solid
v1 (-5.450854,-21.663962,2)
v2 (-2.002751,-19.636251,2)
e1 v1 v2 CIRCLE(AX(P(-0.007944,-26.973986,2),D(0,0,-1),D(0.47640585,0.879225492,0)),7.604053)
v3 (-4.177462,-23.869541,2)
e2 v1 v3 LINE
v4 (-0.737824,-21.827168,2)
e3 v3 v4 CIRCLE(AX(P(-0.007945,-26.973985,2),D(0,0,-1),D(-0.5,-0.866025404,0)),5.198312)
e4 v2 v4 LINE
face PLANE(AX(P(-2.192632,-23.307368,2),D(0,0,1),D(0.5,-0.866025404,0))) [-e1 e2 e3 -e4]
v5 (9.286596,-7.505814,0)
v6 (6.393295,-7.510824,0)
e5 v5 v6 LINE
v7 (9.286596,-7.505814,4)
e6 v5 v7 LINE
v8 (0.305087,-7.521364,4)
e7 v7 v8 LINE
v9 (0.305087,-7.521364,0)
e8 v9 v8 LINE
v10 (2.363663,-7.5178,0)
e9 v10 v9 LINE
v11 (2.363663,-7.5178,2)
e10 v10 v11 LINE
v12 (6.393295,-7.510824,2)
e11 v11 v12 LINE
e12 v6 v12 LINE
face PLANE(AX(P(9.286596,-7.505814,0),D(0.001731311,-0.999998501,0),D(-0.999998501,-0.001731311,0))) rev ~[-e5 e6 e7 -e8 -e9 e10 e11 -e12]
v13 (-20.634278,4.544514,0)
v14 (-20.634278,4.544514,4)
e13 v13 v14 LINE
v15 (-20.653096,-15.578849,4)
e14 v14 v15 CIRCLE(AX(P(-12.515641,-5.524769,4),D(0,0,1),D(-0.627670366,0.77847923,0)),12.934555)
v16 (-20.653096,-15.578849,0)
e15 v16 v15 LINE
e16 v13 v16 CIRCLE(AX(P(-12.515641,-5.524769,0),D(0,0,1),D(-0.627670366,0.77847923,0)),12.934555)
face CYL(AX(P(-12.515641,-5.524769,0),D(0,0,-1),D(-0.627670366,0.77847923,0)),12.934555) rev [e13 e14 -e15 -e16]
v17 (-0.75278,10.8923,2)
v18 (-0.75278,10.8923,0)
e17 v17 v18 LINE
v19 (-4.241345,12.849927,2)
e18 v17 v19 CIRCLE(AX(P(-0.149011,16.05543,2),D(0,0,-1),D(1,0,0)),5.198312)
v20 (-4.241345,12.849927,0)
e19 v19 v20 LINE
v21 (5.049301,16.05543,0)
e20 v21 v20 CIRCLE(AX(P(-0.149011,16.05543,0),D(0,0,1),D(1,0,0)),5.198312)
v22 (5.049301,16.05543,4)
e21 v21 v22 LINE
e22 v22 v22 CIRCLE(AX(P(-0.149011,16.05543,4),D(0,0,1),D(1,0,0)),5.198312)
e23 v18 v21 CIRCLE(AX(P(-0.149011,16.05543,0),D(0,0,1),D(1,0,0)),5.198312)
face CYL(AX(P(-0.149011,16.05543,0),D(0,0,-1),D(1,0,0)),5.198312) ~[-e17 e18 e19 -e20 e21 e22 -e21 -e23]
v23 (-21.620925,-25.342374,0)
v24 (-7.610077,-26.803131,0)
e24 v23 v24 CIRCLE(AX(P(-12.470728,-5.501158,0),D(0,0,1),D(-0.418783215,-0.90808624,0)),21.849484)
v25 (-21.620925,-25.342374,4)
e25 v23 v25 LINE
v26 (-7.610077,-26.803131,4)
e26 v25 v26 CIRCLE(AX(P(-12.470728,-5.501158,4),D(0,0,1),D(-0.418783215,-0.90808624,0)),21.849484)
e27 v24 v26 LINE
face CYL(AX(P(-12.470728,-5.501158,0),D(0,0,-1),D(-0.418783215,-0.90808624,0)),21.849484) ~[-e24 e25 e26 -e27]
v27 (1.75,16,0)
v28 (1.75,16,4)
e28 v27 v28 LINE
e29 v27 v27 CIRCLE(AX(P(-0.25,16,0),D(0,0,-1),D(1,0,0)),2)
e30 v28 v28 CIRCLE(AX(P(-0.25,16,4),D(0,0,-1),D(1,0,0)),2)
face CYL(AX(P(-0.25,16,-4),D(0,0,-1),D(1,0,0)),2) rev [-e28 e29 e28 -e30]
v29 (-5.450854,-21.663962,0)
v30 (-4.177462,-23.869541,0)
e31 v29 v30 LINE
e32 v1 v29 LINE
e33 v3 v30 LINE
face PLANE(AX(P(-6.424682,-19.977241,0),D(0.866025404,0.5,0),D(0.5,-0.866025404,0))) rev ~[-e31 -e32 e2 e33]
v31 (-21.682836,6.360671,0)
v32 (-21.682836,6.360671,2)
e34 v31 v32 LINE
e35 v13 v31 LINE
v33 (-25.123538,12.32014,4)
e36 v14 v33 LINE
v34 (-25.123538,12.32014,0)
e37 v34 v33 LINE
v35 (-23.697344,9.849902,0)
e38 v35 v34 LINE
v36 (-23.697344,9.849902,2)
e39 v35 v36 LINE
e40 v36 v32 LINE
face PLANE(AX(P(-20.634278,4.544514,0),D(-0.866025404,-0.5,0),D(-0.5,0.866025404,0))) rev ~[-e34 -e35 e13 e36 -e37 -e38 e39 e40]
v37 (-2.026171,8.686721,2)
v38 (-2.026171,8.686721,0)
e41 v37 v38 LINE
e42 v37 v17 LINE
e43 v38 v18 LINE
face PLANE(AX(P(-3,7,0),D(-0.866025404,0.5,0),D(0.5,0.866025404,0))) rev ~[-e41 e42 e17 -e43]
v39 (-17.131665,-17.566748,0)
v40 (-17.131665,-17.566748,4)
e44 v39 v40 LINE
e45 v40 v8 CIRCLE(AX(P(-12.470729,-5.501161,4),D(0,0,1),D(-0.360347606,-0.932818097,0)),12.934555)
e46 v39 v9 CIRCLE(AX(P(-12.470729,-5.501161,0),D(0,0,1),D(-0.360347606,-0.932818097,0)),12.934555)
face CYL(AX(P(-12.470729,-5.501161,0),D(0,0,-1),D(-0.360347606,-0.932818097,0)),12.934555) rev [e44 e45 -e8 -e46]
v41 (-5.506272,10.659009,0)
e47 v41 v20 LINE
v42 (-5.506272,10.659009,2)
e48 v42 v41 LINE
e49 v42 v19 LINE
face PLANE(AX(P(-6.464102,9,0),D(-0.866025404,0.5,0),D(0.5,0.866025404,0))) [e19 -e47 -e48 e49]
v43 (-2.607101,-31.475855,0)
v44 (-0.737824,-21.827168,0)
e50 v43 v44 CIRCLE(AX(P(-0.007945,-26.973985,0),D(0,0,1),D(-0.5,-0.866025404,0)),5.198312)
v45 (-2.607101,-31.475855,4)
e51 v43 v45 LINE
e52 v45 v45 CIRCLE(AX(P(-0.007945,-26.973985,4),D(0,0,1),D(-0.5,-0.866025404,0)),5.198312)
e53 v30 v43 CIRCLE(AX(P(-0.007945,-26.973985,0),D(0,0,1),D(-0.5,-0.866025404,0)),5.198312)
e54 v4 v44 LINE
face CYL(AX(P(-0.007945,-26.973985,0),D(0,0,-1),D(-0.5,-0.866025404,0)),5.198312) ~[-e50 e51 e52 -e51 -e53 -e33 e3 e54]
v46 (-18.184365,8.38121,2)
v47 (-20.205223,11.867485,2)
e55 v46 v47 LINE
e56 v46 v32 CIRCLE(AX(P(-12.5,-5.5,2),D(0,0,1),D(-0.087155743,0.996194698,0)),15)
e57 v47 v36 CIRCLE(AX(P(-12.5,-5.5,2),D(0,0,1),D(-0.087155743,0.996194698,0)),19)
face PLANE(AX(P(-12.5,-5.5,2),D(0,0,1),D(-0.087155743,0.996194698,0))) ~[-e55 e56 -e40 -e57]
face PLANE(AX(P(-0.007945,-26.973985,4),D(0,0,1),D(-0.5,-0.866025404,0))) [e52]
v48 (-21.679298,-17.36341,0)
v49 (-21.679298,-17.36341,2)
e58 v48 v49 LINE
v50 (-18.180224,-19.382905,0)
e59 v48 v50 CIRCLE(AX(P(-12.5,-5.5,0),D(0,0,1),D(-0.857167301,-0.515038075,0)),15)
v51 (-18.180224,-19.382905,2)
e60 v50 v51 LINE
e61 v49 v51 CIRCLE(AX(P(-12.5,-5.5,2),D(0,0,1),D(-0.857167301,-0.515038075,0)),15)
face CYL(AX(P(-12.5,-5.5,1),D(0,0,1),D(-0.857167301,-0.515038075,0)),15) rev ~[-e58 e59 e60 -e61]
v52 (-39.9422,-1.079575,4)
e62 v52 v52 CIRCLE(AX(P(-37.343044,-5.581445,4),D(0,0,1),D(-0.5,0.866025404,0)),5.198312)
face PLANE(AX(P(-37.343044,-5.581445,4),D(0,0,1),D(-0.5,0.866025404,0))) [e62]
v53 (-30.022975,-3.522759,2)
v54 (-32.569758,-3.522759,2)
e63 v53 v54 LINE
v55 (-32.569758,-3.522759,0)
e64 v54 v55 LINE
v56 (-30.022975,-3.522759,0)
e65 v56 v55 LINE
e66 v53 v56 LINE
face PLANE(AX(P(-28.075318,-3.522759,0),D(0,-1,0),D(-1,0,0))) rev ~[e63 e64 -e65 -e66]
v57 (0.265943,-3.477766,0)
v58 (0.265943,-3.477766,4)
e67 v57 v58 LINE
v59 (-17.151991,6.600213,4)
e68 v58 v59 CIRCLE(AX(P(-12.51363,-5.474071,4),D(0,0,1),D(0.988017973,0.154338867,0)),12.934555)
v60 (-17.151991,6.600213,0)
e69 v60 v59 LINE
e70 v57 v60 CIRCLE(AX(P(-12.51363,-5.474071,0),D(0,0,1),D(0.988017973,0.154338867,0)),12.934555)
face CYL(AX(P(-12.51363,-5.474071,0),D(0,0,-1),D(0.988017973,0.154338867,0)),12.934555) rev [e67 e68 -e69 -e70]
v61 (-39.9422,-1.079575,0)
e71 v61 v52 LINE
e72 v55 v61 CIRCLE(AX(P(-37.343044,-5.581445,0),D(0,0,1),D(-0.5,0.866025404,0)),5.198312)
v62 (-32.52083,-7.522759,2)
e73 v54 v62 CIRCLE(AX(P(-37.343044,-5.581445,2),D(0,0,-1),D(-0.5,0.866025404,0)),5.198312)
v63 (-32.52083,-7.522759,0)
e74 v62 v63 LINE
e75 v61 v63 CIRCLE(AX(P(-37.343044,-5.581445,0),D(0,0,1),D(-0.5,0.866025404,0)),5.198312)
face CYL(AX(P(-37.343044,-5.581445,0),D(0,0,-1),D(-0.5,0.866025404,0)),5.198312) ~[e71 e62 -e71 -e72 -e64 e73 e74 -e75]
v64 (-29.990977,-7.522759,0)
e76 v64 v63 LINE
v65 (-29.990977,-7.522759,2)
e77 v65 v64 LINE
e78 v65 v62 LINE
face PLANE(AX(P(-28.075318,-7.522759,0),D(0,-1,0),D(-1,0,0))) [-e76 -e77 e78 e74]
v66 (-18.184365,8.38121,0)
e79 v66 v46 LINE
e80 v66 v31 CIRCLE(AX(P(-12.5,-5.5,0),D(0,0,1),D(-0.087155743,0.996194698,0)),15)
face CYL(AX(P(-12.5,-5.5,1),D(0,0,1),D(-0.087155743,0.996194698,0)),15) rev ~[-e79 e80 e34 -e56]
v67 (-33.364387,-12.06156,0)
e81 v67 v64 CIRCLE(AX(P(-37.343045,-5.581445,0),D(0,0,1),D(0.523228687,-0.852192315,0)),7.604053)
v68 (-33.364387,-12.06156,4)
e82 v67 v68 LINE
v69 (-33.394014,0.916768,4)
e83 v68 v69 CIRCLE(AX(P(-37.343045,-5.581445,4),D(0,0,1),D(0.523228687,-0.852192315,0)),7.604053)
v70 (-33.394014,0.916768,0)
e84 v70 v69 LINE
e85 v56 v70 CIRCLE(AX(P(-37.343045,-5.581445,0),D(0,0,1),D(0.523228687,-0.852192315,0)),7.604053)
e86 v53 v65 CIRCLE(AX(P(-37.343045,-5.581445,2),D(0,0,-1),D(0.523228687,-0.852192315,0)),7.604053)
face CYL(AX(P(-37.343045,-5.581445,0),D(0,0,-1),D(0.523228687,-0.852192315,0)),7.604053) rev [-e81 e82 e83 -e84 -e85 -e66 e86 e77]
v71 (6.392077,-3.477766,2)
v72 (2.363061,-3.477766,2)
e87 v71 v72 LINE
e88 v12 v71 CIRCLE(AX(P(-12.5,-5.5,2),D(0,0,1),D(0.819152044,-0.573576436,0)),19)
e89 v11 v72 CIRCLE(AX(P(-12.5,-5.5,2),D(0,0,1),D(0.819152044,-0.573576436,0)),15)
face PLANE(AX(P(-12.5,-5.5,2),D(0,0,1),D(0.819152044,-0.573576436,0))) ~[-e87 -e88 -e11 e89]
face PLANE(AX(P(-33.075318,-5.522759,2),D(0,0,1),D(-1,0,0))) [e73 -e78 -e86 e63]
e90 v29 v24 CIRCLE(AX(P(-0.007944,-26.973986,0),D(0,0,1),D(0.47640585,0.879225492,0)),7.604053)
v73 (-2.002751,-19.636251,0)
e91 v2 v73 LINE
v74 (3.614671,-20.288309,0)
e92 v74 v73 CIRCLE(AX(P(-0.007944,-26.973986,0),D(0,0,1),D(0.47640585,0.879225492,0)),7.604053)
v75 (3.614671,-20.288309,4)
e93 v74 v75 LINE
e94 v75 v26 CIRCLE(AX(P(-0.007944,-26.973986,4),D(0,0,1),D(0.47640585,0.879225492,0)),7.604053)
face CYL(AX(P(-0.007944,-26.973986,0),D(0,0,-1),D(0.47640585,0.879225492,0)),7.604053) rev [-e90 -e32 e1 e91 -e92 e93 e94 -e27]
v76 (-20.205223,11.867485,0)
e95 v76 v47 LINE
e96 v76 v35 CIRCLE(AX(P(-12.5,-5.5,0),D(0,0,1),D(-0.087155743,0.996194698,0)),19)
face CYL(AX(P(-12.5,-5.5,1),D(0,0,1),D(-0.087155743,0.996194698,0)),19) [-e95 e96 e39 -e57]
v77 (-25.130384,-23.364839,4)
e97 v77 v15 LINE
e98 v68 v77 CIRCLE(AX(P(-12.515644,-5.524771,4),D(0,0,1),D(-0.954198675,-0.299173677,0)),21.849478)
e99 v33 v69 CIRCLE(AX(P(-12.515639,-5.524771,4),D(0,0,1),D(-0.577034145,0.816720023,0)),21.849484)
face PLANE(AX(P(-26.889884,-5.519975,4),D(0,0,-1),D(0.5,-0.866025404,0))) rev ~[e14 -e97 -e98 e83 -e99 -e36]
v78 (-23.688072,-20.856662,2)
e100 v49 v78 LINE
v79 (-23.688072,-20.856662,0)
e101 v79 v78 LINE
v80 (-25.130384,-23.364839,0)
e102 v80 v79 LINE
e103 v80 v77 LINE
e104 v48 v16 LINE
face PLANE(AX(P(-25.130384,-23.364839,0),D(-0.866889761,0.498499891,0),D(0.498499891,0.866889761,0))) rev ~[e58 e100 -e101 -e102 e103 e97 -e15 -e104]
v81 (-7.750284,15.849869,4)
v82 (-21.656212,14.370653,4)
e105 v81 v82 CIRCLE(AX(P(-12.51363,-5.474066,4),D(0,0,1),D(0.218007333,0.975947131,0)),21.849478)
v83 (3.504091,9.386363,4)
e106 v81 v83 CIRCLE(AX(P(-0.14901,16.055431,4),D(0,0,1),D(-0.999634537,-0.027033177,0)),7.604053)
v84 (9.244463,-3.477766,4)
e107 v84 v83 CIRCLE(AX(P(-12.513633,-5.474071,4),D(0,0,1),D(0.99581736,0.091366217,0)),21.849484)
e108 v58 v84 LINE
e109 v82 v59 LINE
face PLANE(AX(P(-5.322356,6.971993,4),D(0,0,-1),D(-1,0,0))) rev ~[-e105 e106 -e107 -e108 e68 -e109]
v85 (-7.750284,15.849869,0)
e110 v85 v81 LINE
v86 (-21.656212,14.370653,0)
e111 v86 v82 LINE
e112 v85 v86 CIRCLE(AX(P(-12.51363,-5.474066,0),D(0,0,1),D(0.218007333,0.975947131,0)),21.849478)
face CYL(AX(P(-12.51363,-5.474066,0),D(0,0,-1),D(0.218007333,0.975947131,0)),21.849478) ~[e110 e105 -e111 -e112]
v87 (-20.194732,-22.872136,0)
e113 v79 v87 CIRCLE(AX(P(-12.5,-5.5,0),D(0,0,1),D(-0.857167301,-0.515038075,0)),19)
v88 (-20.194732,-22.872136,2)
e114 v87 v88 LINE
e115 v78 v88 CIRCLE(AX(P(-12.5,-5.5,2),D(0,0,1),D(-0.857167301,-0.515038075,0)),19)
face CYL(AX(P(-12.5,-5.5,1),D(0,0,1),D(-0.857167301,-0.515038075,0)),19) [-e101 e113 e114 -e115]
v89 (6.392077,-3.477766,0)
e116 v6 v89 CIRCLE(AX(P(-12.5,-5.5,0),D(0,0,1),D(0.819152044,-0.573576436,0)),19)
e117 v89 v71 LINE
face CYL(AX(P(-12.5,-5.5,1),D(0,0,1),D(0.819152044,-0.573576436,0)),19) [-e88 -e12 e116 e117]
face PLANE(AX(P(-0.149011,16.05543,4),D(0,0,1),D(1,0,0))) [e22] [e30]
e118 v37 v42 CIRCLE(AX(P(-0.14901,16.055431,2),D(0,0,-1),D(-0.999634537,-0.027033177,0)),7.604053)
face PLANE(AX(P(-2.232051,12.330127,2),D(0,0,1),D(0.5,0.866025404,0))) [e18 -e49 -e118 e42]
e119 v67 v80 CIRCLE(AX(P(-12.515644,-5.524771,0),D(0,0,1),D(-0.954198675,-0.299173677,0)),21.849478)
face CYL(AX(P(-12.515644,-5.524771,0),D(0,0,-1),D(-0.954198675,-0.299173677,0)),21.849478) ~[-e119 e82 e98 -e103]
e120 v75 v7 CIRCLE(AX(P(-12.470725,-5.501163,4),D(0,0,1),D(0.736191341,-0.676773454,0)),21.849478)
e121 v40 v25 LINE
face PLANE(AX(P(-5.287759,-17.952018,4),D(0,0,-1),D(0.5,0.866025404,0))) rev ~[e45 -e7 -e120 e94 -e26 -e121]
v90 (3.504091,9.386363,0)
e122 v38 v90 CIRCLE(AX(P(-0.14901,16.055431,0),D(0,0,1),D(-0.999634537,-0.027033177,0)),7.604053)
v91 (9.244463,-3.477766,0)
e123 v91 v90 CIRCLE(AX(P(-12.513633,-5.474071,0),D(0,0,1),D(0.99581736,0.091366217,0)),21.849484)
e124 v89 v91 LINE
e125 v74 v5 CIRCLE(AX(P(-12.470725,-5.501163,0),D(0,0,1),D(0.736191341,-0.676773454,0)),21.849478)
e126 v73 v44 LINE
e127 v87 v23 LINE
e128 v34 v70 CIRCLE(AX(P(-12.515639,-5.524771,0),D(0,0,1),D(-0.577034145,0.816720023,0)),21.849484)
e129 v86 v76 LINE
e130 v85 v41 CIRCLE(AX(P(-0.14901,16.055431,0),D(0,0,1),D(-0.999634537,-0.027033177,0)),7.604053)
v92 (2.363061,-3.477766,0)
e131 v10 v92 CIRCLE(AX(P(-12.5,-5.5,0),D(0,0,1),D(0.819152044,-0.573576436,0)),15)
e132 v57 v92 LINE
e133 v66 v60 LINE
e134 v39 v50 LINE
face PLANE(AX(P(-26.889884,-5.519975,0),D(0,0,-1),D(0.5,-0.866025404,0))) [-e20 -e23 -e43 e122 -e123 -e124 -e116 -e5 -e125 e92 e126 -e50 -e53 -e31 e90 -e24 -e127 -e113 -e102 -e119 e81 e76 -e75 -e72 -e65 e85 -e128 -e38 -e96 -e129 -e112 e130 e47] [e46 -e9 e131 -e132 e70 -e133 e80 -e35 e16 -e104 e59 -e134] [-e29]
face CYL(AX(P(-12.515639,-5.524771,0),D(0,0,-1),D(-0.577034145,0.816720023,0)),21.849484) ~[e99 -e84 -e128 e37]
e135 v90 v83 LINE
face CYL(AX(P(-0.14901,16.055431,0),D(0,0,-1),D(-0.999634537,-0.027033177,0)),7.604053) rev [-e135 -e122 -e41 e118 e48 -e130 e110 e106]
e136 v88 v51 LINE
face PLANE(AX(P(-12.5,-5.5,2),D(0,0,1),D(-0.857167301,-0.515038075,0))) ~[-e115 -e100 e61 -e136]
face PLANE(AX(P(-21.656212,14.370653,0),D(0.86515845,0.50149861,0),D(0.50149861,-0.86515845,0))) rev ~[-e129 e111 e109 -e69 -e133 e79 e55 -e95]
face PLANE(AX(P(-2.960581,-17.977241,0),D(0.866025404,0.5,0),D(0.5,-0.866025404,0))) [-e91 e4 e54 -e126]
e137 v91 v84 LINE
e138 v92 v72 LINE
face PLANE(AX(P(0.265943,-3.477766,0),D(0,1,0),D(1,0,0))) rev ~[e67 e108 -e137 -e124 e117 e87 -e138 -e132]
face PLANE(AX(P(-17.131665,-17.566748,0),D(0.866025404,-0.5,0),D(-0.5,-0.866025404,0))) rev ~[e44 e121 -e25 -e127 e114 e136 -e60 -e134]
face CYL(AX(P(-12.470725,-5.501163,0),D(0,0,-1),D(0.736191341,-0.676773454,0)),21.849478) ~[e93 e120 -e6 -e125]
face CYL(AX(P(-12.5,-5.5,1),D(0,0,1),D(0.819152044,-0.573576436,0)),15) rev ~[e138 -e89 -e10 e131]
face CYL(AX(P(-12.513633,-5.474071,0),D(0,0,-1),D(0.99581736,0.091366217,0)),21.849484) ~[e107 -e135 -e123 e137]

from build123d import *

# Parameters (mm, degrees)
CYLINDER008_R               = 2
CYLINDER008_DEPTH           = 10
BOX_W                       = 10
BOX_H                       = 4
BOX_DEPTH                   = 2
BOX_PLACEMENT_ANGLE         = 60
ARRAY001_COUNT              = 3
CYLINDER007_W               = 15
CYLINDER007_H               = 2
CYLINDER007_ANGLE           = 60
CYLINDER007_PLACEMENT_ANGLE = 95
CYLINDER006_W               = 19
CYLINDER006_H               = 2
CYLINDER006_ANGLE           = 60
CYLINDER006_PLACEMENT_ANGLE = 95
CYLINDER005_W               = 15
CYLINDER005_H               = 2
CYLINDER005_ANGLE           = 60
CYLINDER005_PLACEMENT_ANGLE = 211
CYLINDER004_W               = 19
CYLINDER004_H               = 2
CYLINDER004_ANGLE           = 60
CYLINDER004_PLACEMENT_ANGLE = 211
CYLINDER003_W               = 15
CYLINDER003_H               = 2
CYLINDER003_ANGLE           = 60
CYLINDER003_PLACEMENT_ANGLE = -35
CYLINDER002_W               = 19
CYLINDER002_H               = 2
CYLINDER002_ANGLE           = 60
CYLINDER002_PLACEMENT_ANGLE = -35
SKETCH001_R                 = 5.198312
PAD_DEPTH                   = 4
ARRAY_COUNT                 = 3


with BuildPart() as cilindro007:
    # Cylinder008 → Cylinder008 (new body)
    with BuildSketch(Plane(origin=(-0.25, 15, -4), x_dir=(1, 0, 0), z_dir=(0, 0, 1))):
        Circle(CYLINDER008_R)
    extrude(amount=CYLINDER008_DEPTH)


with BuildPart() as array001:
    # Box → Box (new body)
    with BuildSketch(Plane.XY):
        with Locations((5, 2)):
            Rectangle(BOX_W, BOX_H)
    extrude(amount=BOX_DEPTH)


with BuildPart() as array001_1:
    # Box placement: moved
    add(array001.part.moved(Location((-3, 6, 0))).rotate(Axis((-3, 6, 0), (0, 0, 1)), BOX_PLACEMENT_ANGLE))

    # Array001: Array001 ×3 about axis
    array001_axis = Axis((-12.5, -6.5, 0), (0, 0, 1))


with BuildPart() as array001_2:
    add(array001_1.part)
    for i in range(1, ARRAY001_COUNT):
        add(array001_1.part.rotate(array001_axis, i * 360 / ARRAY001_COUNT))


with BuildPart() as cilindro006:
    # Cylinder007 → Cylinder007 (revolve)
    with BuildSketch(Plane.XZ):
        with Locations((7.5, 1)):
            Rectangle(CYLINDER007_W, CYLINDER007_H)
    revolve(axis=Axis((0, 0, 0), (0, 0, 1)), revolution_arc=CYLINDER007_ANGLE)


with BuildPart() as cilindro006_1:
    # Cylinder007 placement: moved
    add(cilindro006.part.moved(Location((-12.5, -6.5, 0))).rotate(Axis((-12.5, -6.5, 0), (0, 0, 1)), CYLINDER007_PLACEMENT_ANGLE))


with BuildPart() as cut003:
    # Cylinder006 → Cylinder006 (revolve)
    with BuildSketch(Plane.XZ):
        with Locations((9.5, 1)):
            Rectangle(CYLINDER006_W, CYLINDER006_H)
    revolve(axis=Axis((0, 0, 0), (0, 0, 1)), revolution_arc=CYLINDER006_ANGLE)


with BuildPart() as cut003_1:
    # Cylinder006 placement: moved
    add(cut003.part.moved(Location((-12.5, -6.5, 0))).rotate(Axis((-12.5, -6.5, 0), (0, 0, 1)), CYLINDER006_PLACEMENT_ANGLE))

    # Cut003: cut Cilindro006
    add(cilindro006_1.part, mode=Mode.SUBTRACT)


with BuildPart() as cilindro004:
    # Cylinder005 → Cylinder005 (revolve)
    with BuildSketch(Plane.XZ):
        with Locations((7.5, 1)):
            Rectangle(CYLINDER005_W, CYLINDER005_H)
    revolve(axis=Axis((0, 0, 0), (0, 0, 1)), revolution_arc=CYLINDER005_ANGLE)


with BuildPart() as cilindro004_1:
    # Cylinder005 placement: moved
    add(cilindro004.part.moved(Location((-12.5, -6.5, 0))).rotate(Axis((-12.5, -6.5, 0), (0, 0, 1)), CYLINDER005_PLACEMENT_ANGLE))


with BuildPart() as cut002:
    # Cylinder004 → Cylinder004 (revolve)
    with BuildSketch(Plane.XZ):
        with Locations((9.5, 1)):
            Rectangle(CYLINDER004_W, CYLINDER004_H)
    revolve(axis=Axis((0, 0, 0), (0, 0, 1)), revolution_arc=CYLINDER004_ANGLE)


with BuildPart() as cut002_1:
    # Cylinder004 placement: moved
    add(cut002.part.moved(Location((-12.5, -6.5, 0))).rotate(Axis((-12.5, -6.5, 0), (0, 0, 1)), CYLINDER004_PLACEMENT_ANGLE))

    # Cut002: cut Cilindro004
    add(cilindro004_1.part, mode=Mode.SUBTRACT)


with BuildPart() as cilindro002:
    # Cylinder003 → Cylinder003 (revolve)
    with BuildSketch(Plane.XZ):
        with Locations((7.5, 1)):
            Rectangle(CYLINDER003_W, CYLINDER003_H)
    revolve(axis=Axis((0, 0, 0), (0, 0, 1)), revolution_arc=CYLINDER003_ANGLE)


with BuildPart() as cilindro002_1:
    # Cylinder003 placement: moved
    add(cilindro002.part.moved(Location((-12.5, -6.5, 0))).rotate(Axis((-12.5, -6.5, 0), (0, 0, 1)), CYLINDER003_PLACEMENT_ANGLE))


with BuildPart() as fusion:
    # Cylinder002 → Cylinder002 (revolve)
    with BuildSketch(Plane.XZ):
        with Locations((9.5, 1)):
            Rectangle(CYLINDER002_W, CYLINDER002_H)
    revolve(axis=Axis((0, 0, 0), (0, 0, 1)), revolution_arc=CYLINDER002_ANGLE)


with BuildPart() as fusion_1:
    # Cylinder002 placement: moved
    add(fusion.part.moved(Location((-12.5, -6.5, 0))).rotate(Axis((-12.5, -6.5, 0), (0, 0, 1)), CYLINDER002_PLACEMENT_ANGLE))

    # Cut001: cut Cilindro002
    add(cilindro002_1.part, mode=Mode.SUBTRACT)

    # Fusion: union Cut003, Cut002
    add(cut003_1.part)
    add(cut002_1.part)


with BuildPart() as cut004:
    # Sketch001 → Pad (new body)
    with BuildSketch(Plane.XY):
        with Locations((-0.149011, 15.05543)):
            Circle(SKETCH001_R)
        with BuildLine():
            ThreePointArc((0.265943, -4.477766), (-6.03588, 4.72153), (-17.151991, 5.600213))
            Line((-21.656212, 13.370653), (-17.151991, 5.600213))
            ThreePointArc((-7.750284, 14.849869), (-14.824787, 15.252835), (-21.656212, 13.370653))
            ThreePointArc((-7.750284, 14.849869), (-3.935994, 8.461466), (3.504091, 8.386363))
            ThreePointArc((9.244463, -4.477766), (7.439427, 2.429601), (3.504091, 8.386363))
            Line((0.265943, -4.477766), (9.244463, -4.477766))
        make_face()
    extrude(amount=PAD_DEPTH)

    # Array: Cut004 ×3 about axis
    array_axis = Axis((-12.5, -6.5, 0), (0, 0, 1))


with BuildPart() as cut004_1:
    add(cut004.part)
    for i in range(1, ARRAY_COUNT):
        add(cut004.part.rotate(array_axis, i * 360 / ARRAY_COUNT))

    # Fusion001: union Fusion
    add(fusion_1.part)

    # Fusion002: union Array001
    add(array001_2.part)

    # Cut004: cut Cilindro007
    add(cilindro007.part, mode=Mode.SUBTRACT)


with BuildPart() as cut004_2:
    # Cut004 placement: moved
    add(cut004_1.part.moved(Location((0, 1, 0))))


solid = cut004_2.part
